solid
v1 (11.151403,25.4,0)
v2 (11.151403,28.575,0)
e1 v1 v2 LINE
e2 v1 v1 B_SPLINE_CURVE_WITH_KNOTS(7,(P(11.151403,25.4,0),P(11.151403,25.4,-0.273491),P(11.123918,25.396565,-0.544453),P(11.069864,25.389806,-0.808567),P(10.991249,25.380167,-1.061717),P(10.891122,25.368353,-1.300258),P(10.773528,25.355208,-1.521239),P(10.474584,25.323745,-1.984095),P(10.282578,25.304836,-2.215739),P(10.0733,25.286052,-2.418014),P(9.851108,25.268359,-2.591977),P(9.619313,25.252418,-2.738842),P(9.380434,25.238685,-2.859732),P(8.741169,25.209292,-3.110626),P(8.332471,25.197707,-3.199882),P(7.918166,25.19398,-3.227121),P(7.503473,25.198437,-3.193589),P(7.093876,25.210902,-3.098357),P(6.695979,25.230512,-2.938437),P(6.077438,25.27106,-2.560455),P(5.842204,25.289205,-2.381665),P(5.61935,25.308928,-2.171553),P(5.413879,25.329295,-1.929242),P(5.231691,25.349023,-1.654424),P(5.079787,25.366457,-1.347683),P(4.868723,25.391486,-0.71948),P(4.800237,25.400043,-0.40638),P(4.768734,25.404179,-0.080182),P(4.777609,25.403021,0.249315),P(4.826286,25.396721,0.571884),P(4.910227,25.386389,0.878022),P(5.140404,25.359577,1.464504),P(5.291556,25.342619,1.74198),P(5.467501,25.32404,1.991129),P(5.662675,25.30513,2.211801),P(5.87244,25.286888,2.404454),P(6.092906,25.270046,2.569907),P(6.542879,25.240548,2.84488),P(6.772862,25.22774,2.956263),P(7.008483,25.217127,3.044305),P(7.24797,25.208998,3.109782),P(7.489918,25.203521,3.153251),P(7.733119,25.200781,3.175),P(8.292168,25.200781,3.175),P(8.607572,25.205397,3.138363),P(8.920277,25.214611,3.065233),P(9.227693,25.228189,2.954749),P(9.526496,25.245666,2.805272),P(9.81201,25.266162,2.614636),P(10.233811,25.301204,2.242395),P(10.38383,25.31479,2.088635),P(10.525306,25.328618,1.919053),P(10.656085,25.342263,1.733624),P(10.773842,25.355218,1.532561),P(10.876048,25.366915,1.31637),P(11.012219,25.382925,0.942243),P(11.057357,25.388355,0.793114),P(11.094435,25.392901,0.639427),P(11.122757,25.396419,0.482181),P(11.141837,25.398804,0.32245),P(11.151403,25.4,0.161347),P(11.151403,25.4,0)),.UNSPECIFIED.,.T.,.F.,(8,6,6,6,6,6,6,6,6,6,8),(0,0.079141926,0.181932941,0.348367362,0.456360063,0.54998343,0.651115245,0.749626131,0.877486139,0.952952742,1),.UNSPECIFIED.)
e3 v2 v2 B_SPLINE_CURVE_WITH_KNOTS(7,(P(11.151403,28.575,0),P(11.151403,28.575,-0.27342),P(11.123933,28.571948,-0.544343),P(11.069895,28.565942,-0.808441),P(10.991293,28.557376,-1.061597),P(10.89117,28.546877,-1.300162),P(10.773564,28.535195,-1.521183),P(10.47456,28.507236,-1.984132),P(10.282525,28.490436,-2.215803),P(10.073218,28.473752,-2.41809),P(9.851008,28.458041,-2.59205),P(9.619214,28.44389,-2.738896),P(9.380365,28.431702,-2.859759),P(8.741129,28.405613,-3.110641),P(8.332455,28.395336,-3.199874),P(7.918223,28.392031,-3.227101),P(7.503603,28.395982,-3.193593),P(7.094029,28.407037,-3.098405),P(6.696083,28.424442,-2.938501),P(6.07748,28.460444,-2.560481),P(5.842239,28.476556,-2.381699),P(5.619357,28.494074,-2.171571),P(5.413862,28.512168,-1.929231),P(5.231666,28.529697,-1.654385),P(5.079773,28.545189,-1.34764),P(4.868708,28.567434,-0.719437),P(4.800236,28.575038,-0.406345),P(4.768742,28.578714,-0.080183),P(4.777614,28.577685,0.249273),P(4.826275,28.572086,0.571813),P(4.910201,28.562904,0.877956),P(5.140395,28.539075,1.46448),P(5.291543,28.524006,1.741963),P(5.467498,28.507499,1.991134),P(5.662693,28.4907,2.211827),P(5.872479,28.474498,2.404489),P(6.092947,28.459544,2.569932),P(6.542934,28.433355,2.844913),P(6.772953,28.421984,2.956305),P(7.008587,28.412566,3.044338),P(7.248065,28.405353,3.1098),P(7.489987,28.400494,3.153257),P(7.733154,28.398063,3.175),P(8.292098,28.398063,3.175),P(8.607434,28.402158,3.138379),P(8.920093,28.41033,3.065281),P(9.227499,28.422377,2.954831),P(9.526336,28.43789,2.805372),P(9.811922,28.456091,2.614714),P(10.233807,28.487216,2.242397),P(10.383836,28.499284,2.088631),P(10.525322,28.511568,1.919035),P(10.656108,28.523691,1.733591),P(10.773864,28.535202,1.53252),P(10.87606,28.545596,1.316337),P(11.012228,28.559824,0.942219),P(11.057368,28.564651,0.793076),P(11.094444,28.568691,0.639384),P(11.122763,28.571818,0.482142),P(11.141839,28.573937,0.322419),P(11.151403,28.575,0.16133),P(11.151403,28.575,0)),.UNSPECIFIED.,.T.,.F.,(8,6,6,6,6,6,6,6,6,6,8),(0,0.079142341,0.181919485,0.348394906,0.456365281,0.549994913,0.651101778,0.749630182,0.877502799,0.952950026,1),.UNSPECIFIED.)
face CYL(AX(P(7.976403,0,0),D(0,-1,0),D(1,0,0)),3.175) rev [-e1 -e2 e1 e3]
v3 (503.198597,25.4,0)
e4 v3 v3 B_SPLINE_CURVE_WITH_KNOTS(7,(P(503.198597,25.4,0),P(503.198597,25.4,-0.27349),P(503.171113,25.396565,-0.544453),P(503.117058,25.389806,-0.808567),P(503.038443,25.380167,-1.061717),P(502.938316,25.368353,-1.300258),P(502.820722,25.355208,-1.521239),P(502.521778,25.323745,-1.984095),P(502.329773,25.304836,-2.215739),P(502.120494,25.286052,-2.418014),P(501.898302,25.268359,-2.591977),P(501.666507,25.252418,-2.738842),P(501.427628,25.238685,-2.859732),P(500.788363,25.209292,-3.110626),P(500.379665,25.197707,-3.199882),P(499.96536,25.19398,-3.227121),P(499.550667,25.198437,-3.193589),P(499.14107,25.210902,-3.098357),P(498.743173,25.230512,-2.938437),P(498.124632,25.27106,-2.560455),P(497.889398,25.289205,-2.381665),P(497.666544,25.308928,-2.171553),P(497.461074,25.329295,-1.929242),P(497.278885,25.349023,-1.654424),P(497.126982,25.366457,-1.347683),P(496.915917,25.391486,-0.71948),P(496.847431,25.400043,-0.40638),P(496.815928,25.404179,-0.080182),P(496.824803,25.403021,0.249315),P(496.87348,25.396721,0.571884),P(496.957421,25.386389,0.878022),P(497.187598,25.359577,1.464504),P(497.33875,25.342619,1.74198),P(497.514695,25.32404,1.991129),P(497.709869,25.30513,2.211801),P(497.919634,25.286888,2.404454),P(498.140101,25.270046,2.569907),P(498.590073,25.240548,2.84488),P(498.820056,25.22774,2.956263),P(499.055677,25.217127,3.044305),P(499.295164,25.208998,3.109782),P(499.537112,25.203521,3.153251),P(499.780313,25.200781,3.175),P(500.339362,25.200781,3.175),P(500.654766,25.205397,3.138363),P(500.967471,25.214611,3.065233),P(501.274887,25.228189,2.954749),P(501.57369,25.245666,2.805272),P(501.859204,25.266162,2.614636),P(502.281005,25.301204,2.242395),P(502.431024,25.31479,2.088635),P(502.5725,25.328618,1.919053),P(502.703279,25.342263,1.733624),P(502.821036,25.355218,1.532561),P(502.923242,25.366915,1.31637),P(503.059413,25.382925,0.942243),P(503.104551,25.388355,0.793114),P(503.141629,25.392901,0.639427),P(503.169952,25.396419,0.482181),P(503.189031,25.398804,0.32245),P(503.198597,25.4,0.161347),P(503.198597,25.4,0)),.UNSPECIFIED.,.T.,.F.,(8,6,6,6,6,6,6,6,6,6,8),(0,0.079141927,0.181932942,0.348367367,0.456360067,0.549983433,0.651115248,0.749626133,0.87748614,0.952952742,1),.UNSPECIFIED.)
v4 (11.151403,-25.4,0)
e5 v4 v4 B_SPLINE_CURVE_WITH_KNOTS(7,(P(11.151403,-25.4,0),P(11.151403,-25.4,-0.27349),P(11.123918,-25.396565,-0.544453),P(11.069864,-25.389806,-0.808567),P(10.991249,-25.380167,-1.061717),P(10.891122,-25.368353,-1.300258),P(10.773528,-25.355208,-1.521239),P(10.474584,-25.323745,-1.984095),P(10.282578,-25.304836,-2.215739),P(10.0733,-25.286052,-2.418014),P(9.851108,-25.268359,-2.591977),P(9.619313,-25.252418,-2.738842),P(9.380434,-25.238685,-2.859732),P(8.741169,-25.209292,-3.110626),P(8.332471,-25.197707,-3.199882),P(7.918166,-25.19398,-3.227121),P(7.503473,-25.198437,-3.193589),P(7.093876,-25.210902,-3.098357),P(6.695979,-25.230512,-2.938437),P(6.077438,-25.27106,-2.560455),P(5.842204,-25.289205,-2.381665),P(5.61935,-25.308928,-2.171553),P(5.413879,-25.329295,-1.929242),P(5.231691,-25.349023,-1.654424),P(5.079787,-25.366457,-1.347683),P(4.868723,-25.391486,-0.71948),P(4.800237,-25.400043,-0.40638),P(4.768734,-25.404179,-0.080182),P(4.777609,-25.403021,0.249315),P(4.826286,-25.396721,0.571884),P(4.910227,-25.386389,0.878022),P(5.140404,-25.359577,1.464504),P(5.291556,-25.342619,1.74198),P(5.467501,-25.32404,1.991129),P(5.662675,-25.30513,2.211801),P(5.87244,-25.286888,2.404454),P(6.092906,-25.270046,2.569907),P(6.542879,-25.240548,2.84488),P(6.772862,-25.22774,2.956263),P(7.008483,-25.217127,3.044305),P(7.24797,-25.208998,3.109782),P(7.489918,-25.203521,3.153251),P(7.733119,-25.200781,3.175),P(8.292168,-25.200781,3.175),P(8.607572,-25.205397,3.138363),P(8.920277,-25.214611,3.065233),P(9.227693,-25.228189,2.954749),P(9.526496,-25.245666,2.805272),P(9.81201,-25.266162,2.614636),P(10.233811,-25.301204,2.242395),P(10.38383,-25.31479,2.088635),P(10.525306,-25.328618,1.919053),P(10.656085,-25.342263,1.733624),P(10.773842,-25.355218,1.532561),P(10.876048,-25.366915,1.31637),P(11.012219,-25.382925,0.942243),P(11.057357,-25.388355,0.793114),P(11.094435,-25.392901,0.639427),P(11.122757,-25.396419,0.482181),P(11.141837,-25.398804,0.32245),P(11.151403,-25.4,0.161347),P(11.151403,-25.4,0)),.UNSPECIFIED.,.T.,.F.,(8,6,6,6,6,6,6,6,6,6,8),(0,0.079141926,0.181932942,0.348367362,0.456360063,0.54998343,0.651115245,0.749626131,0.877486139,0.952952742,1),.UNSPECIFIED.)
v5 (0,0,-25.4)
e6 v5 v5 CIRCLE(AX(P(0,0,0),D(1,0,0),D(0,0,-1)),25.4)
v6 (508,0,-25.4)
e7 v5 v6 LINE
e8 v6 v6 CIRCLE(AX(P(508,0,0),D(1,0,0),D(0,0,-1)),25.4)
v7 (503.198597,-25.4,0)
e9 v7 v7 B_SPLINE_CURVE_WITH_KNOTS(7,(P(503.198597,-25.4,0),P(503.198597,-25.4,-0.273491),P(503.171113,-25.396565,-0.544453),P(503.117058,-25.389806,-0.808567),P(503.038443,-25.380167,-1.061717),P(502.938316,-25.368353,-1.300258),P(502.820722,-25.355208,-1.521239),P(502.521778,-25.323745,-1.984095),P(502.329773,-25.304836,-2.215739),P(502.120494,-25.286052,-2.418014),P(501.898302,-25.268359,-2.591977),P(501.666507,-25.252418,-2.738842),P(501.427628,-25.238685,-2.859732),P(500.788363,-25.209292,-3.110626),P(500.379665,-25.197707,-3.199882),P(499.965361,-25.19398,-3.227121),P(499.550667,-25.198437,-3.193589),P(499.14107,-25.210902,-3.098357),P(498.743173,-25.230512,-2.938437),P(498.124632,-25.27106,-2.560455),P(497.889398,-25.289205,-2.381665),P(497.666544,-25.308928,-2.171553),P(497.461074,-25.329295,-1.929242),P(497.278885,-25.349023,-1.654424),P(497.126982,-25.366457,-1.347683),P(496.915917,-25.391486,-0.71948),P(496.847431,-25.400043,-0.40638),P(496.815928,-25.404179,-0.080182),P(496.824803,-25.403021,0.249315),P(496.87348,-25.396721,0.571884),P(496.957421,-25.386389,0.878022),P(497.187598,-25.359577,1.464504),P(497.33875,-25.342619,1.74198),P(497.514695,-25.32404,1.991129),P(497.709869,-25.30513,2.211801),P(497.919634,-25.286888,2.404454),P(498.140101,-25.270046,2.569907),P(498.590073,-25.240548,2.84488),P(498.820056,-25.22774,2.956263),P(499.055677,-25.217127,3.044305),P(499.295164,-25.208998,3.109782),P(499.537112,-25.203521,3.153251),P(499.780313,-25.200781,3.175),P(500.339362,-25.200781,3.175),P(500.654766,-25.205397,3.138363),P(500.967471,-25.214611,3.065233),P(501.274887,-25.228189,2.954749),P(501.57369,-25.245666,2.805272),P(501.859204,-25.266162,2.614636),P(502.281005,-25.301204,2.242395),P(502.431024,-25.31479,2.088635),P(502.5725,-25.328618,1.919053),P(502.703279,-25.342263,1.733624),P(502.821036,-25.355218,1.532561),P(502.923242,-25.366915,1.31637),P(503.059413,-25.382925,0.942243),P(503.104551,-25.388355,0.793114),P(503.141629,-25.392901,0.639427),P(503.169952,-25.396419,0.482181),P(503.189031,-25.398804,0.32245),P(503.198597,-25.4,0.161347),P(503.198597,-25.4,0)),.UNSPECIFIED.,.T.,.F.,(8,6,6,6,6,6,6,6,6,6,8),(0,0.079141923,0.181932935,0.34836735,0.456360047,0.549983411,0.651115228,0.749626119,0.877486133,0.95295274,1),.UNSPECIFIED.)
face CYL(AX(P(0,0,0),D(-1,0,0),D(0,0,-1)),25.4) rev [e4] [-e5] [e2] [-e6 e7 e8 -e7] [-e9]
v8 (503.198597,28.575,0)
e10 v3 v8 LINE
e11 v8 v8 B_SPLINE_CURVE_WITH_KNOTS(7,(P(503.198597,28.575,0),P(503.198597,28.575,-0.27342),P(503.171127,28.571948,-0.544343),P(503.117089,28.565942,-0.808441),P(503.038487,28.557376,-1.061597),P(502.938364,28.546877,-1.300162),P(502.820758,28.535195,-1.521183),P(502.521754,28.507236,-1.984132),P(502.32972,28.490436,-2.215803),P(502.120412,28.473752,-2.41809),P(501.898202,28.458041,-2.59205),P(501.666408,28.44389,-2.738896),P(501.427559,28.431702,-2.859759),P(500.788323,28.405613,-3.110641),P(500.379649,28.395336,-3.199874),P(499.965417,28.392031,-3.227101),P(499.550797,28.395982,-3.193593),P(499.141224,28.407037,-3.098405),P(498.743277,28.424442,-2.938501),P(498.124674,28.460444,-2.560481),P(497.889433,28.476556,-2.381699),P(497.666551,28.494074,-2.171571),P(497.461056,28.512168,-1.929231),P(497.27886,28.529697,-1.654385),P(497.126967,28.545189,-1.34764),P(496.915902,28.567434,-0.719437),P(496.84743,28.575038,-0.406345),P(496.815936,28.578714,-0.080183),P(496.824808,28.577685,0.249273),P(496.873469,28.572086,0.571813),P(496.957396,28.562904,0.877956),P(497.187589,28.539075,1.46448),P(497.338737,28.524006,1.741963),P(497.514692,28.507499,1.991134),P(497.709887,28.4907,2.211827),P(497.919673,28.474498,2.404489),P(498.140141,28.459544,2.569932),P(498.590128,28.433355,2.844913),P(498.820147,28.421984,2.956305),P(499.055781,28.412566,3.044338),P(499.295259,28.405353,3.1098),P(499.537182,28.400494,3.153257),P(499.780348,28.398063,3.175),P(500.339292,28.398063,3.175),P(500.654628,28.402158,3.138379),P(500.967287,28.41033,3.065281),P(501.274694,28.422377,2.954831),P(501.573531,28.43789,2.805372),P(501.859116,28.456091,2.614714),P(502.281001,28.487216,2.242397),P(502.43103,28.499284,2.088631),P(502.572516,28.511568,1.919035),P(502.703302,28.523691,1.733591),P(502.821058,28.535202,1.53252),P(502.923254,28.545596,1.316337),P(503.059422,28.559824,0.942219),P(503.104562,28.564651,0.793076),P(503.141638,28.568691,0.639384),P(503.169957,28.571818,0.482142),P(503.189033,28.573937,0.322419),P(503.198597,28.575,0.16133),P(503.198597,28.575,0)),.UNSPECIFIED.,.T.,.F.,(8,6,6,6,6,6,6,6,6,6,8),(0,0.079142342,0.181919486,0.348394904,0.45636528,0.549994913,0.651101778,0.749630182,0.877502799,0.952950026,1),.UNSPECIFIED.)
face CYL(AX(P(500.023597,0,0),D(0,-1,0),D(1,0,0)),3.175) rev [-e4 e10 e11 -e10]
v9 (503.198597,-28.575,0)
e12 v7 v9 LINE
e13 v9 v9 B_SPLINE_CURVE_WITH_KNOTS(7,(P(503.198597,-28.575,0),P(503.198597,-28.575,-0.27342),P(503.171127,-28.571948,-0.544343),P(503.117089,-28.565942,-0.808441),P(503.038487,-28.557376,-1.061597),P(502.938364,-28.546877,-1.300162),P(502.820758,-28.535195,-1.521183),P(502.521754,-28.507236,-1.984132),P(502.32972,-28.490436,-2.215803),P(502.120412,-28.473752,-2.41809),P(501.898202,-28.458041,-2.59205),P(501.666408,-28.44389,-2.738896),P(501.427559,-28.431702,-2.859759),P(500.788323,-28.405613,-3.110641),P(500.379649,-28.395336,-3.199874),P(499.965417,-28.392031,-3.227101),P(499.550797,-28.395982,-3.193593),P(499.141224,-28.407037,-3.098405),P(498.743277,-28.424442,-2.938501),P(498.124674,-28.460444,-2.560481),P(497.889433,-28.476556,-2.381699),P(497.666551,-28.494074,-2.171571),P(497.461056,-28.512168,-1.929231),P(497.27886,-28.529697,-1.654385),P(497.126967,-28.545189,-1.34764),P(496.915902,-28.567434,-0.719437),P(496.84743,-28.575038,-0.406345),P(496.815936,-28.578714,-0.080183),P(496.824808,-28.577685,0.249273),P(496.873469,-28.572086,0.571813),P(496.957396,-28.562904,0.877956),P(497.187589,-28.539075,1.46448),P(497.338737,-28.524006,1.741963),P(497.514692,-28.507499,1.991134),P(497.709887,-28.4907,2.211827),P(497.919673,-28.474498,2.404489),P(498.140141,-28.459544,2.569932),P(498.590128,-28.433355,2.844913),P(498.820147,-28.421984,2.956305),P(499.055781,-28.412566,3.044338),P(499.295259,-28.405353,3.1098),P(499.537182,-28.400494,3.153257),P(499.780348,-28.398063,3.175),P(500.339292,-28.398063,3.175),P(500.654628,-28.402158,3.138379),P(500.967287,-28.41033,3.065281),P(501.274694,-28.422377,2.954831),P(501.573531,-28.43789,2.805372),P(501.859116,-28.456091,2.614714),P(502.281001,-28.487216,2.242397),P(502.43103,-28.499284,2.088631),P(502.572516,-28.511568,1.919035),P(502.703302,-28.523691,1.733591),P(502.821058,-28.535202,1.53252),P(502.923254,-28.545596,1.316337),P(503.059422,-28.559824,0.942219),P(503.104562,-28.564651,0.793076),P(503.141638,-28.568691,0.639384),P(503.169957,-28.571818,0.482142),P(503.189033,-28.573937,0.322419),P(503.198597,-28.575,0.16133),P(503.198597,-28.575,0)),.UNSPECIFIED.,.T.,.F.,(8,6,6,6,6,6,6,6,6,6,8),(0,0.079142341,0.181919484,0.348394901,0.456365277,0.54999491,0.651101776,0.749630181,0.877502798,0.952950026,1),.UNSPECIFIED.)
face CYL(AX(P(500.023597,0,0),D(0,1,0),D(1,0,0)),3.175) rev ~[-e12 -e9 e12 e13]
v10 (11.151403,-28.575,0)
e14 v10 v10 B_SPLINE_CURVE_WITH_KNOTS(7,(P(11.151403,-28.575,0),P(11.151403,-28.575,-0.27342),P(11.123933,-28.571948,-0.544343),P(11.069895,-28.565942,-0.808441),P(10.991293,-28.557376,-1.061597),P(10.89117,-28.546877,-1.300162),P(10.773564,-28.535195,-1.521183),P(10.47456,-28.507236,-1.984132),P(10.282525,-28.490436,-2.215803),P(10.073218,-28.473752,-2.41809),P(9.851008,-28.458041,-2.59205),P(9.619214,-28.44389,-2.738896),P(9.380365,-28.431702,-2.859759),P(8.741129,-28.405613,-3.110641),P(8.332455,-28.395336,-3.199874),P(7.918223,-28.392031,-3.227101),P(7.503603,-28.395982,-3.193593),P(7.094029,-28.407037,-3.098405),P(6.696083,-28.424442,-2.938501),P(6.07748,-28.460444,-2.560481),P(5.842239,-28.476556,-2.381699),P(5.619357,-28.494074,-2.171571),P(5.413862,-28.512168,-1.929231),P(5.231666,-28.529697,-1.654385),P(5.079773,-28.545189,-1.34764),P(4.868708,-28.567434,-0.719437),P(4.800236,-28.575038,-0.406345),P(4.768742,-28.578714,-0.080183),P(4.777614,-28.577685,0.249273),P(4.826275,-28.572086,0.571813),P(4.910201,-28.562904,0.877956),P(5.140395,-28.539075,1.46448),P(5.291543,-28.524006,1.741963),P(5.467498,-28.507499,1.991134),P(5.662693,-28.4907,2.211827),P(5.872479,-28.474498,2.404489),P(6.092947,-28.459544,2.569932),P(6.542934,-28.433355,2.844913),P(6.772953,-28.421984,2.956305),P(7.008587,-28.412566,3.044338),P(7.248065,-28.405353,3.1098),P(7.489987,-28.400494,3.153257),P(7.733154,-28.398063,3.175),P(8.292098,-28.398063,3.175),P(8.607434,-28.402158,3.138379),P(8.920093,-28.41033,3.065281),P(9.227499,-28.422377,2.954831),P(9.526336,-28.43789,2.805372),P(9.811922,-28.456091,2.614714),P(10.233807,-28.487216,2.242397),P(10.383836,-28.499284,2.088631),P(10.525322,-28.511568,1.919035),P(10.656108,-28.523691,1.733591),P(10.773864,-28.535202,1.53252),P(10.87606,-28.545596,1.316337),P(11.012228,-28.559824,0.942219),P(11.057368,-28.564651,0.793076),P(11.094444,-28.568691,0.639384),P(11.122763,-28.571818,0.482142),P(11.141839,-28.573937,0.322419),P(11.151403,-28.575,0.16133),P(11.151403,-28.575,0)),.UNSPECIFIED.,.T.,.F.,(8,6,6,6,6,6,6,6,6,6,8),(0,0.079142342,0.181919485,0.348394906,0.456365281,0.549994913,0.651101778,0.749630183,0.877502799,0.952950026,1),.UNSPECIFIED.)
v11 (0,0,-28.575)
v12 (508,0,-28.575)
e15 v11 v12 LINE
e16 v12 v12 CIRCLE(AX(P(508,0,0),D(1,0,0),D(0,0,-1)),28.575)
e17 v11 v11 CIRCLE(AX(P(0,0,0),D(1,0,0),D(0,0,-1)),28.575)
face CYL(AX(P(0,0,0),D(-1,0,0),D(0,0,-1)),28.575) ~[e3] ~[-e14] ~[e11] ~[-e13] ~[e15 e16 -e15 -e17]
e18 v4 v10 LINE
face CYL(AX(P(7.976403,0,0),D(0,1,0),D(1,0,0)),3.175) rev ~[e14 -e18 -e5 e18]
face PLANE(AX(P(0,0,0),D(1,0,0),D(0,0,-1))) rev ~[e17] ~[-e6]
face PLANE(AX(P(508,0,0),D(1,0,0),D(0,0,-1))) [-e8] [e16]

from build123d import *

# Parameters (mm, degrees)
SKETCH1_R               = 28.575
SKETCH1_R_2             = 25.4
BOSS_EXTRUDE1_DEPTH     = 508
SKETCH2_R               = 3.175
CUT_EXTRUDE1_DEPTH      = 29.575
CUT_EXTRUDE1_DEPTH_BACK = 29.575


with BuildPart() as part:
    # Sketch1 → Boss-Extrude1 (new body)
    with BuildSketch(Plane(origin=(0, 0, 0), x_dir=(0, 0, -1), z_dir=(1, 0, 0))):
        Circle(SKETCH1_R)
        Circle(SKETCH1_R_2, mode=Mode.SUBTRACT)
    extrude(amount=BOSS_EXTRUDE1_DEPTH)

    # Sketch2 → Cut-Extrude1 (cut, two sides)
    with BuildSketch(Plane(origin=(0, 0, 0), x_dir=(1, 0, 0), z_dir=(0, 1, 0))) as cut_extrude1_sk:
        with Locations((7.976402963, 0)):
            Circle(SKETCH2_R)
        with Locations((500.023597037, 0)):
            Circle(SKETCH2_R)
    extrude(amount=CUT_EXTRUDE1_DEPTH, mode=Mode.SUBTRACT)
    extrude(cut_extrude1_sk.sketch, amount=-CUT_EXTRUDE1_DEPTH_BACK, mode=Mode.SUBTRACT)


solid = part.part
